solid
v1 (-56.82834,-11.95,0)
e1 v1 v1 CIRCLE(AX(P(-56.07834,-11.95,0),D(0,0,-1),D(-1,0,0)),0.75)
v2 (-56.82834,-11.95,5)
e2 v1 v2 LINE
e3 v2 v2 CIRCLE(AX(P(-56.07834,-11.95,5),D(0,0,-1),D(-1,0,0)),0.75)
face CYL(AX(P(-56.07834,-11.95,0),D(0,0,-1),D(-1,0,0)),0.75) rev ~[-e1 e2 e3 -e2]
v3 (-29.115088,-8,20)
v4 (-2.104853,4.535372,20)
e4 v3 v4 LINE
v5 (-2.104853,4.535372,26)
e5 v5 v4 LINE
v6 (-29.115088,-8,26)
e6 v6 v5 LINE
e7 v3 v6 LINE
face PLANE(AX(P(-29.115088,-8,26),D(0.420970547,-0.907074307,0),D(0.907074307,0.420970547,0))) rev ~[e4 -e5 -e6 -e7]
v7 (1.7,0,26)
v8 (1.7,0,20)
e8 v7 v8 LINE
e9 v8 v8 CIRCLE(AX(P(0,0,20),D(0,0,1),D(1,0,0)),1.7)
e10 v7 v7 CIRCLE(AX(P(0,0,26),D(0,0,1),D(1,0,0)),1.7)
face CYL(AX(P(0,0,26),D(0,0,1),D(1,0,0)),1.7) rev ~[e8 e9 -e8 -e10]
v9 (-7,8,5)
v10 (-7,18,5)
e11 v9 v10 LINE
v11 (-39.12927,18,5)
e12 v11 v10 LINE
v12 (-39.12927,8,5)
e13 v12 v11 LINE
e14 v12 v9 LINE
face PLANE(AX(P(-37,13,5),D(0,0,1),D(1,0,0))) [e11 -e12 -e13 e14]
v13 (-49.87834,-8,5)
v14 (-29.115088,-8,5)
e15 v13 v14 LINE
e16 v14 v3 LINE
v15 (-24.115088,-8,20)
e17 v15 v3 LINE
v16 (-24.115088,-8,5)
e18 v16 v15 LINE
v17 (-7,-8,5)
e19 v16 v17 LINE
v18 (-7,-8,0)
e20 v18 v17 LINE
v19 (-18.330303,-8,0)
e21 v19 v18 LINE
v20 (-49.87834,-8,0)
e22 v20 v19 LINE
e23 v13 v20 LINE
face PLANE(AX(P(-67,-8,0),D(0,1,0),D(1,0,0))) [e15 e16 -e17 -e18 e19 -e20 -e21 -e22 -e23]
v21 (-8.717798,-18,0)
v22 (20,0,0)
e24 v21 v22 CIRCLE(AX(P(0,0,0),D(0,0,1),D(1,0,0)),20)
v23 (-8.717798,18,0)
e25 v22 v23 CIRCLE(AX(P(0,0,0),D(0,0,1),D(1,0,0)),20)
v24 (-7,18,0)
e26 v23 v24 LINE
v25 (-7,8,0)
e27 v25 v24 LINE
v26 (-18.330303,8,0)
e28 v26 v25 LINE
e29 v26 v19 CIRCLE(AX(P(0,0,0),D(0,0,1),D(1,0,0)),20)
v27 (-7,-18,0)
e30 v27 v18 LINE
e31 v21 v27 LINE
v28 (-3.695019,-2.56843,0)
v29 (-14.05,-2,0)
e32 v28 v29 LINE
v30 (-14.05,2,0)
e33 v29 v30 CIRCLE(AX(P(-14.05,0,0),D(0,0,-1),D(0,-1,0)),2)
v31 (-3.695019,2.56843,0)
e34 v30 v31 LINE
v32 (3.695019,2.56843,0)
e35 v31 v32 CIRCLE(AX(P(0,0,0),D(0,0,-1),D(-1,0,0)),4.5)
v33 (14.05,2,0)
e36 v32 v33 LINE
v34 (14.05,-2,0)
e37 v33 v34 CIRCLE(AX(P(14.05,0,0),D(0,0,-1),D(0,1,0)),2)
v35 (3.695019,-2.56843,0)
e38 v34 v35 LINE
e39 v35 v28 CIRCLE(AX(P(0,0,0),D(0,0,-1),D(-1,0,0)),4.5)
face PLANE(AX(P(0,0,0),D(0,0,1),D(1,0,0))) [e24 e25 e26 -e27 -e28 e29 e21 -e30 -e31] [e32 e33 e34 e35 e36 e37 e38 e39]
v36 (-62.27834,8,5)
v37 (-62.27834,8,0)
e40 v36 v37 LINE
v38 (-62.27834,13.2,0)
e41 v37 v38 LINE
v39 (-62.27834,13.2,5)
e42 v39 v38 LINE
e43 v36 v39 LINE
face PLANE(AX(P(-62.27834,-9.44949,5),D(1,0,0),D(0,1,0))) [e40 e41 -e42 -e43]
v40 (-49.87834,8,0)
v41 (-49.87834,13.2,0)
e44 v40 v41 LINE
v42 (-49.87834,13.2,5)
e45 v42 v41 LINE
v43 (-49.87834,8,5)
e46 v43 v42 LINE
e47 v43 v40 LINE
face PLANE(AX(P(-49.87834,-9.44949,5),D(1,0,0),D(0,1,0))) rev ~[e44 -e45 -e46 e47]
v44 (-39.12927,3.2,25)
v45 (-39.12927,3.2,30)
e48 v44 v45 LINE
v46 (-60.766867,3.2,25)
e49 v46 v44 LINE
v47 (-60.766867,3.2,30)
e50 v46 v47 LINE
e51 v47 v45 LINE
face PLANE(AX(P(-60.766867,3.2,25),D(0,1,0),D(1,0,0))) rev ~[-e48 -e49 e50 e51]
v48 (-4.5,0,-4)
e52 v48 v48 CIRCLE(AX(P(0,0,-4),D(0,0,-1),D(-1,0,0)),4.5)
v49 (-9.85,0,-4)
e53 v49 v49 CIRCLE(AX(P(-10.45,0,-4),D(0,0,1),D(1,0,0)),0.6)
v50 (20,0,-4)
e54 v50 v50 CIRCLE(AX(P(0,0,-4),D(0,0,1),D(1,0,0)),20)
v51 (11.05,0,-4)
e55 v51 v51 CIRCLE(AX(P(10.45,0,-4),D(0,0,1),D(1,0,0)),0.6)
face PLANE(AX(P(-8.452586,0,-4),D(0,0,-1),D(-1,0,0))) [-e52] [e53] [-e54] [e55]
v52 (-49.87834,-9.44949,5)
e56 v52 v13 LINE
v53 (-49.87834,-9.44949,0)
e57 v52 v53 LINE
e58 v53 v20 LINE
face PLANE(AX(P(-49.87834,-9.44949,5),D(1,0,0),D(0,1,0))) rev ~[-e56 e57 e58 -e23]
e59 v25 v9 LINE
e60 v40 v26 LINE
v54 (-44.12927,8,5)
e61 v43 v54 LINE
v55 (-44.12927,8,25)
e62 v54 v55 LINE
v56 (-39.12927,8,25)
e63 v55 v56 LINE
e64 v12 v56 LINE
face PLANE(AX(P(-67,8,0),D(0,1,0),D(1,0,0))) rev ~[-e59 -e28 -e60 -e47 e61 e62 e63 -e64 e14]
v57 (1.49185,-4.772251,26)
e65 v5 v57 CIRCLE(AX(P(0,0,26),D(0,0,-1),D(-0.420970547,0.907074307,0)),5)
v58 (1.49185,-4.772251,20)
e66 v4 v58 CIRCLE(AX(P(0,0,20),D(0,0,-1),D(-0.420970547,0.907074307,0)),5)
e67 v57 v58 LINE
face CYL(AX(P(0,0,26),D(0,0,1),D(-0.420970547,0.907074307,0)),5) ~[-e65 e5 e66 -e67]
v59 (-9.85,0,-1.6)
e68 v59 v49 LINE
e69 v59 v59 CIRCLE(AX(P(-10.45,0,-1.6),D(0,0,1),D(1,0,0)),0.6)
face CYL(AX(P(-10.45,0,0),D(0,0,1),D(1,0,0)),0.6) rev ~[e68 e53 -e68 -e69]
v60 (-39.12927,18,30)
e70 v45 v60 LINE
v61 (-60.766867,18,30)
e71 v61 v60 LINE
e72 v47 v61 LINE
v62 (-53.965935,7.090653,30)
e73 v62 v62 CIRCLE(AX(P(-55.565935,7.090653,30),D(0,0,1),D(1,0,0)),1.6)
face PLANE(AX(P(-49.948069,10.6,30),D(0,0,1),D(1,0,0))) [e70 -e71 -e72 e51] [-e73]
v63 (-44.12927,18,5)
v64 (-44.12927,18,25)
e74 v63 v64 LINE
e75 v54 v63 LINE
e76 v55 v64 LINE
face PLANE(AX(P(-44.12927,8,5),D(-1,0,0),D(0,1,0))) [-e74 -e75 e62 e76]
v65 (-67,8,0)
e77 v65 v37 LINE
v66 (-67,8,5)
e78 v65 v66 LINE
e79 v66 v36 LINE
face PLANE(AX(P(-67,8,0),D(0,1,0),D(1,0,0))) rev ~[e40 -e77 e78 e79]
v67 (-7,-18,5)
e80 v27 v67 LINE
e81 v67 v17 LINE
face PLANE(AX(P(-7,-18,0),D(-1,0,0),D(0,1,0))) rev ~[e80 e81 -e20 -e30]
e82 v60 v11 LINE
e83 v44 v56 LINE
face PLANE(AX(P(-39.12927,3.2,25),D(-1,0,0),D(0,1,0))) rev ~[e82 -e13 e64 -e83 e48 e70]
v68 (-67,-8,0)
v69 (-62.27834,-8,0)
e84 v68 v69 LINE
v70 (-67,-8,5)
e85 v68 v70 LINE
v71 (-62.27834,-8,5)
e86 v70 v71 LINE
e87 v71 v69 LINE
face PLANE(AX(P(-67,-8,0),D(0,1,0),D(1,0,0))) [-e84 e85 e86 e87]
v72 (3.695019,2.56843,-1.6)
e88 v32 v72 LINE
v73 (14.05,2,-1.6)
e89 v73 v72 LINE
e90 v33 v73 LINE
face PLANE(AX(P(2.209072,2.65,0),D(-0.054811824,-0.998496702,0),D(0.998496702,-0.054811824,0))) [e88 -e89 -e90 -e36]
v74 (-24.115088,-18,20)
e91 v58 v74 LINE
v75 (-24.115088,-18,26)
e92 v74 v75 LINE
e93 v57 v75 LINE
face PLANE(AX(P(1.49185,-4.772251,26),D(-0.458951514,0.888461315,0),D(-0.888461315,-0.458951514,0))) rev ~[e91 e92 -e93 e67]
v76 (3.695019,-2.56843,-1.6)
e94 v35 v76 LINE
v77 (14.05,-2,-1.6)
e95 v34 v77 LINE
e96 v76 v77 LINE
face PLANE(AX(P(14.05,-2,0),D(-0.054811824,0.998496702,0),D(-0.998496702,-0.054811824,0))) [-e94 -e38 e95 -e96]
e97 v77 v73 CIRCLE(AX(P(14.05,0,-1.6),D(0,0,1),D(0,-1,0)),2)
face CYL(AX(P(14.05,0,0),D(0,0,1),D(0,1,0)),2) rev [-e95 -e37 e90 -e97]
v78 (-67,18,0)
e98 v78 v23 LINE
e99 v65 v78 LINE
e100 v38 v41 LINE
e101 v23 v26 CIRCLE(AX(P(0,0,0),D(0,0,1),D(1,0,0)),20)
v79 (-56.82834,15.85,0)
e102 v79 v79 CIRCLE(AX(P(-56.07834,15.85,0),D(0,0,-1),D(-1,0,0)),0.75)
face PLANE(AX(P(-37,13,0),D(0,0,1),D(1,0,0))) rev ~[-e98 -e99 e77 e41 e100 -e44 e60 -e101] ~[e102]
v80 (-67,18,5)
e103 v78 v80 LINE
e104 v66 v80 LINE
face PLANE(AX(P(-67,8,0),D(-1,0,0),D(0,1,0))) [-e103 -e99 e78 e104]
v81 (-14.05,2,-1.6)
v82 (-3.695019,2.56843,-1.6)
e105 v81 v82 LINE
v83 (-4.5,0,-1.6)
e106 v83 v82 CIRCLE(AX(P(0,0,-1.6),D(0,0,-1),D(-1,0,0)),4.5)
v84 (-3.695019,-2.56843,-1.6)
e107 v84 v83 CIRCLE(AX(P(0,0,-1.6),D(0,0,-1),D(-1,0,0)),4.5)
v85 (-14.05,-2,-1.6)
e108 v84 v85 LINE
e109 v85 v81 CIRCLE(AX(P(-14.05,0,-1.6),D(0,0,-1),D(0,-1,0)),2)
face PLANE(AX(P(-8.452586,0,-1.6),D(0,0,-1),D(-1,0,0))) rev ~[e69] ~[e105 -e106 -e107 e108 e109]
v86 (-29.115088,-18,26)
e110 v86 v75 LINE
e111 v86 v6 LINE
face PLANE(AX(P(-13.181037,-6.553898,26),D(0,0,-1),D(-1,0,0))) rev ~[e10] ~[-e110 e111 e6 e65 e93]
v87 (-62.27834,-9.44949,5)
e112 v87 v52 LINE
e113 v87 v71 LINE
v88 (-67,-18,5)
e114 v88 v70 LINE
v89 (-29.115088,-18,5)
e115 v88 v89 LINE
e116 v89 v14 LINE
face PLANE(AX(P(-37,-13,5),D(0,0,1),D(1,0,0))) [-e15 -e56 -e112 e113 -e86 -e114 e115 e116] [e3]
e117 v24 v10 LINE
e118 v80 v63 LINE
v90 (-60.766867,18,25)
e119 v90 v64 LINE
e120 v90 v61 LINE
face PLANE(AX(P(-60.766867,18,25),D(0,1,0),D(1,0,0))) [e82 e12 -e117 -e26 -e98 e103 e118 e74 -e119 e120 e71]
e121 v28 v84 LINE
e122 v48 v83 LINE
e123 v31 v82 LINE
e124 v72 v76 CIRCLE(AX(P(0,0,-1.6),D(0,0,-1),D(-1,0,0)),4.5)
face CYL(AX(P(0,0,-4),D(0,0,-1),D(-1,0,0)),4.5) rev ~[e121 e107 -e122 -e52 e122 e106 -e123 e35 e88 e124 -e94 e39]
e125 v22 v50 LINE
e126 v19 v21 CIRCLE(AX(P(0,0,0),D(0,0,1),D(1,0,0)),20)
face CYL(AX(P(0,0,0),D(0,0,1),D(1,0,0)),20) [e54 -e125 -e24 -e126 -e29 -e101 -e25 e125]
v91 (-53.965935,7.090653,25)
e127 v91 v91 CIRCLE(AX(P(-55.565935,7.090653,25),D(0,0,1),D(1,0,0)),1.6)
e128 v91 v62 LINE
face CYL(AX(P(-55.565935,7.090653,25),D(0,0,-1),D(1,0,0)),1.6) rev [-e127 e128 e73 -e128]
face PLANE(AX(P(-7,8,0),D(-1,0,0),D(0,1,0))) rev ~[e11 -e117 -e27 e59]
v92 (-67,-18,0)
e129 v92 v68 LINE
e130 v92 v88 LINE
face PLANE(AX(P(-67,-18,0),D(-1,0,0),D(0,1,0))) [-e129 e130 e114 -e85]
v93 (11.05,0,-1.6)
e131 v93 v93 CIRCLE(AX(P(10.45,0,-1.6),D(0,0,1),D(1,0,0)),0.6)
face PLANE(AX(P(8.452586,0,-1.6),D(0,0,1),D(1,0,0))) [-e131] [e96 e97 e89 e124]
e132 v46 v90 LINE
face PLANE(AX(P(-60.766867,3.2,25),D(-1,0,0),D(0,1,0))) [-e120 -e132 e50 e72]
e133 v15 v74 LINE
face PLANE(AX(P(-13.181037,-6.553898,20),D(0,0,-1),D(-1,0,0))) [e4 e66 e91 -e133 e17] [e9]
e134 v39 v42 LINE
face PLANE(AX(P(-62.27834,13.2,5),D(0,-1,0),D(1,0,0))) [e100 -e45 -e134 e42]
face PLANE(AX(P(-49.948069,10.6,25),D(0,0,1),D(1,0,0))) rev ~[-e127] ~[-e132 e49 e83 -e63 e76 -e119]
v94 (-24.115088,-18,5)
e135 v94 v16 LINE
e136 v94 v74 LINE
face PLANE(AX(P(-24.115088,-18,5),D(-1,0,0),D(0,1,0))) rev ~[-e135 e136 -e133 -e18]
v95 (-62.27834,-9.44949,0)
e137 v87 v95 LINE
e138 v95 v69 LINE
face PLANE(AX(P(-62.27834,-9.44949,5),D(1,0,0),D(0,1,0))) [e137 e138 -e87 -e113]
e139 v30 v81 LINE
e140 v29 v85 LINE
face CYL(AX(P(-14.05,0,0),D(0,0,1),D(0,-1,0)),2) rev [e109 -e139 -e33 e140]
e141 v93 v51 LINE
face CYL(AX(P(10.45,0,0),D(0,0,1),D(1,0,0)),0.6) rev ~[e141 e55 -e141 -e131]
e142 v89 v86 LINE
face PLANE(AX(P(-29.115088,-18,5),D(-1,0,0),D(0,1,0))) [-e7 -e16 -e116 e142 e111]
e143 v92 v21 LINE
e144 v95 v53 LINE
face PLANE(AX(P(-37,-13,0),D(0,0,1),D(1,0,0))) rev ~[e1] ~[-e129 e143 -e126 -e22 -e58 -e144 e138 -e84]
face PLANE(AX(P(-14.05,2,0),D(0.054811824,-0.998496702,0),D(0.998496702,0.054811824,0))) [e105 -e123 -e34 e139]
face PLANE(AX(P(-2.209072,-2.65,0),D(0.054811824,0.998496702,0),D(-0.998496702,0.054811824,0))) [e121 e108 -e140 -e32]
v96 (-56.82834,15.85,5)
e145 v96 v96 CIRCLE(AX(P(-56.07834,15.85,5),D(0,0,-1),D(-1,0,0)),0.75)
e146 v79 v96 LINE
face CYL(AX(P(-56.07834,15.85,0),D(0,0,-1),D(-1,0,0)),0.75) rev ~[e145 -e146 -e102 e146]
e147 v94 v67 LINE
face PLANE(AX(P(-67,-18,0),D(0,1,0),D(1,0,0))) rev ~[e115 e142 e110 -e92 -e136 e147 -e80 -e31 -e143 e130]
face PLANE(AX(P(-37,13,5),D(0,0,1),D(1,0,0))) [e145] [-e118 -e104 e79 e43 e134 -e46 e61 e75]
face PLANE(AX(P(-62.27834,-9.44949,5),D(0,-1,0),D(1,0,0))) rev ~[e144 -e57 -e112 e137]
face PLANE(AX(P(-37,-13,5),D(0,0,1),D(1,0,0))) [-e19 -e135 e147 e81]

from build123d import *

# Parameters (mm, degrees)
SKETCH1_R            = 20
BOSS_EXTRUDE1_DEPTH  = 4
BOSS_EXTRUDE2_START  = -2.4
BOSS_EXTRUDE2_DEPTH  = 2.4
SKETCH6_W            = 60
SKETCH6_H            = 10
BOSS_EXTRUDE5_DEPTH  = 5
SKETCH7_R            = 0.75
CUT_EXTRUDE1_DEPTH   = 5
SKETCH8_W            = 5
SKETCH8_H            = 10
BOSS_EXTRUDE6_DEPTH  = 20
SKETCH9_W            = 21.637597824
SKETCH9_H            = 14.8
SKETCH9_R            = 1.6
BOSS_EXTRUDE7_DEPTH  = 5
SKETCH10_W           = 12.4
SKETCH10_H           = 22.64948999
CUT_EXTRUDE2_DEPTH   = 75.256312863
SKETCH11_R           = 0.6
CUT_EXTRUDE3_DEPTH   = 10
SKETCH12_R           = 4.5
CUT_EXTRUDE4_DEPTH   = 5
SKETCH14_W           = 5
SKETCH14_H           = 10
BOSS_EXTRUDE9_DEPTH  = 21
SKETCH15_R           = 1.7
BOSS_EXTRUDE10_DEPTH = 6


with BuildPart() as part:
    # Sketch1 → Boss-Extrude1 (new body)
    with BuildSketch(Plane.XY):
        Circle(SKETCH1_R)
        with BuildLine():
            Line((-14.05, 2), (-2.209072203, 2.65))
            ThreePointArc((-2.209072203, 2.65), (0, 3.45), (2.209072203, 2.65))
            Line((2.209072203, 2.65), (14.05, 2))
            ThreePointArc((14.05, 2), (16.05, 0), (14.05, -2))
            Line((14.05, -2), (2.209072203, -2.65))
            ThreePointArc((2.209072203, -2.65), (0, -3.45), (-2.209072203, -2.65))
            Line((-2.209072203, -2.65), (-14.05, -2))
            ThreePointArc((-14.05, -2), (-16.05, 0), (-14.05, 2))
        make_face(mode=Mode.SUBTRACT)
    extrude(amount=-BOSS_EXTRUDE1_DEPTH)

    # Sketch2 → Boss-Extrude2 (add)
    with BuildSketch(Plane(origin=(0, 0, -4), x_dir=(-1, 0, 0), z_dir=(0, 0, -1)).offset(BOSS_EXTRUDE2_START)):
        with BuildLine():
            Line((14.05, 2), (2.209072203, 2.65))
            ThreePointArc((2.209072203, 2.65), (3.45, 0), (2.209072203, -2.65))
            Line((2.209072203, -2.65), (14.05, -2))
            ThreePointArc((14.05, -2), (16.05, 0), (14.05, 2))
        make_face()
        with BuildLine():
            Line((-2.209072203, -2.65), (-14.05, -2))
            ThreePointArc((-14.05, -2), (-16.05, 0), (-14.05, 2))
            Line((-14.05, 2), (-2.209072203, 2.65))
            ThreePointArc((-2.209072203, 2.65), (-3.45, 0), (-2.209072203, -2.65))
        make_face()
    extrude(amount=BOSS_EXTRUDE2_DEPTH)

    # Sketch6 → Boss-Extrude5 (add)
    with BuildSketch(Plane.XY):
        with Locations((-37, 13)):
            Rectangle(SKETCH6_W, SKETCH6_H)
        with Locations((-37, -13)):
            Rectangle(SKETCH6_W, SKETCH6_H)
    extrude(amount=BOSS_EXTRUDE5_DEPTH)

    # Sketch7 → Cut-Extrude1 (cut)
    with BuildSketch(Plane(origin=(0, 0, 0), x_dir=(-1, 0, 0), z_dir=(0, 0, -1))):
        with Locations((56.078339908, 15.85)):
            Circle(SKETCH7_R)
        with Locations((56.078339908, -11.95)):
            Circle(SKETCH7_R)
    extrude(amount=-CUT_EXTRUDE1_DEPTH, mode=Mode.SUBTRACT)

    # Sketch8 → Boss-Extrude6 (add)
    with BuildSketch(Plane.XY.offset(5)):
        with Locations((-41.629269641, 13)):
            Rectangle(SKETCH8_W, SKETCH8_H)
    extrude(amount=BOSS_EXTRUDE6_DEPTH)

    # Sketch9 → Boss-Extrude7 (add)
    with BuildSketch(Plane.XY.offset(25)):
        with Locations((-49.948068553, 10.6)):
            Rectangle(SKETCH9_W, SKETCH9_H)
        with Locations((-55.565935261, 7.090653296)):
            Circle(SKETCH9_R, mode=Mode.SUBTRACT)
    extrude(amount=BOSS_EXTRUDE7_DEPTH)

    # Sketch10 → Cut-Extrude2 (cut, through all)
    with BuildSketch(Plane.XY.offset(5)):
        with Locations((-56.078339908, 1.875255005)):
            Rectangle(SKETCH10_W, SKETCH10_H)
    extrude(amount=-CUT_EXTRUDE2_DEPTH, mode=Mode.SUBTRACT)

    # Sketch11 → Cut-Extrude3 (cut)
    with BuildSketch(Plane.XY):
        with Locations((-10.45, 0)):
            Circle(SKETCH11_R)
        with Locations((10.45, 0)):
            Circle(SKETCH11_R)
    extrude(amount=-CUT_EXTRUDE3_DEPTH, mode=Mode.SUBTRACT)

    # Sketch12 → Cut-Extrude4 (cut)
    with BuildSketch(Plane(origin=(0, 0, -4), x_dir=(-1, 0, 0), z_dir=(0, 0, -1))):
        Circle(SKETCH12_R)
    extrude(amount=-CUT_EXTRUDE4_DEPTH, mode=Mode.SUBTRACT)

    # Sketch14 → Boss-Extrude9 (add)
    with BuildSketch(Plane.XY.offset(5)):
        with Locations((-26.615087819, -13)):
            Rectangle(SKETCH14_W, SKETCH14_H)
    extrude(amount=BOSS_EXTRUDE9_DEPTH)

    # Sketch15 → Boss-Extrude10 (add)
    with BuildSketch(Plane.XY.offset(26)):
        with BuildLine():
            Line((-29.115087819, -8), (-2.104852737, 4.535371535))
            ThreePointArc((-2.104852737, 4.535371535), (4.663893683, 1.802247406), (1.491850027, -4.772251408))
            Line((1.491850027, -4.772251408), (-24.115087819, -18))
            Line((-24.115087819, -18), (-29.115087819, -18))
            Line((-29.115087819, -18), (-29.115087819, -8))
        make_face()
        Circle(SKETCH15_R, mode=Mode.SUBTRACT)
    extrude(amount=-BOSS_EXTRUDE10_DEPTH)


solid = part.part
